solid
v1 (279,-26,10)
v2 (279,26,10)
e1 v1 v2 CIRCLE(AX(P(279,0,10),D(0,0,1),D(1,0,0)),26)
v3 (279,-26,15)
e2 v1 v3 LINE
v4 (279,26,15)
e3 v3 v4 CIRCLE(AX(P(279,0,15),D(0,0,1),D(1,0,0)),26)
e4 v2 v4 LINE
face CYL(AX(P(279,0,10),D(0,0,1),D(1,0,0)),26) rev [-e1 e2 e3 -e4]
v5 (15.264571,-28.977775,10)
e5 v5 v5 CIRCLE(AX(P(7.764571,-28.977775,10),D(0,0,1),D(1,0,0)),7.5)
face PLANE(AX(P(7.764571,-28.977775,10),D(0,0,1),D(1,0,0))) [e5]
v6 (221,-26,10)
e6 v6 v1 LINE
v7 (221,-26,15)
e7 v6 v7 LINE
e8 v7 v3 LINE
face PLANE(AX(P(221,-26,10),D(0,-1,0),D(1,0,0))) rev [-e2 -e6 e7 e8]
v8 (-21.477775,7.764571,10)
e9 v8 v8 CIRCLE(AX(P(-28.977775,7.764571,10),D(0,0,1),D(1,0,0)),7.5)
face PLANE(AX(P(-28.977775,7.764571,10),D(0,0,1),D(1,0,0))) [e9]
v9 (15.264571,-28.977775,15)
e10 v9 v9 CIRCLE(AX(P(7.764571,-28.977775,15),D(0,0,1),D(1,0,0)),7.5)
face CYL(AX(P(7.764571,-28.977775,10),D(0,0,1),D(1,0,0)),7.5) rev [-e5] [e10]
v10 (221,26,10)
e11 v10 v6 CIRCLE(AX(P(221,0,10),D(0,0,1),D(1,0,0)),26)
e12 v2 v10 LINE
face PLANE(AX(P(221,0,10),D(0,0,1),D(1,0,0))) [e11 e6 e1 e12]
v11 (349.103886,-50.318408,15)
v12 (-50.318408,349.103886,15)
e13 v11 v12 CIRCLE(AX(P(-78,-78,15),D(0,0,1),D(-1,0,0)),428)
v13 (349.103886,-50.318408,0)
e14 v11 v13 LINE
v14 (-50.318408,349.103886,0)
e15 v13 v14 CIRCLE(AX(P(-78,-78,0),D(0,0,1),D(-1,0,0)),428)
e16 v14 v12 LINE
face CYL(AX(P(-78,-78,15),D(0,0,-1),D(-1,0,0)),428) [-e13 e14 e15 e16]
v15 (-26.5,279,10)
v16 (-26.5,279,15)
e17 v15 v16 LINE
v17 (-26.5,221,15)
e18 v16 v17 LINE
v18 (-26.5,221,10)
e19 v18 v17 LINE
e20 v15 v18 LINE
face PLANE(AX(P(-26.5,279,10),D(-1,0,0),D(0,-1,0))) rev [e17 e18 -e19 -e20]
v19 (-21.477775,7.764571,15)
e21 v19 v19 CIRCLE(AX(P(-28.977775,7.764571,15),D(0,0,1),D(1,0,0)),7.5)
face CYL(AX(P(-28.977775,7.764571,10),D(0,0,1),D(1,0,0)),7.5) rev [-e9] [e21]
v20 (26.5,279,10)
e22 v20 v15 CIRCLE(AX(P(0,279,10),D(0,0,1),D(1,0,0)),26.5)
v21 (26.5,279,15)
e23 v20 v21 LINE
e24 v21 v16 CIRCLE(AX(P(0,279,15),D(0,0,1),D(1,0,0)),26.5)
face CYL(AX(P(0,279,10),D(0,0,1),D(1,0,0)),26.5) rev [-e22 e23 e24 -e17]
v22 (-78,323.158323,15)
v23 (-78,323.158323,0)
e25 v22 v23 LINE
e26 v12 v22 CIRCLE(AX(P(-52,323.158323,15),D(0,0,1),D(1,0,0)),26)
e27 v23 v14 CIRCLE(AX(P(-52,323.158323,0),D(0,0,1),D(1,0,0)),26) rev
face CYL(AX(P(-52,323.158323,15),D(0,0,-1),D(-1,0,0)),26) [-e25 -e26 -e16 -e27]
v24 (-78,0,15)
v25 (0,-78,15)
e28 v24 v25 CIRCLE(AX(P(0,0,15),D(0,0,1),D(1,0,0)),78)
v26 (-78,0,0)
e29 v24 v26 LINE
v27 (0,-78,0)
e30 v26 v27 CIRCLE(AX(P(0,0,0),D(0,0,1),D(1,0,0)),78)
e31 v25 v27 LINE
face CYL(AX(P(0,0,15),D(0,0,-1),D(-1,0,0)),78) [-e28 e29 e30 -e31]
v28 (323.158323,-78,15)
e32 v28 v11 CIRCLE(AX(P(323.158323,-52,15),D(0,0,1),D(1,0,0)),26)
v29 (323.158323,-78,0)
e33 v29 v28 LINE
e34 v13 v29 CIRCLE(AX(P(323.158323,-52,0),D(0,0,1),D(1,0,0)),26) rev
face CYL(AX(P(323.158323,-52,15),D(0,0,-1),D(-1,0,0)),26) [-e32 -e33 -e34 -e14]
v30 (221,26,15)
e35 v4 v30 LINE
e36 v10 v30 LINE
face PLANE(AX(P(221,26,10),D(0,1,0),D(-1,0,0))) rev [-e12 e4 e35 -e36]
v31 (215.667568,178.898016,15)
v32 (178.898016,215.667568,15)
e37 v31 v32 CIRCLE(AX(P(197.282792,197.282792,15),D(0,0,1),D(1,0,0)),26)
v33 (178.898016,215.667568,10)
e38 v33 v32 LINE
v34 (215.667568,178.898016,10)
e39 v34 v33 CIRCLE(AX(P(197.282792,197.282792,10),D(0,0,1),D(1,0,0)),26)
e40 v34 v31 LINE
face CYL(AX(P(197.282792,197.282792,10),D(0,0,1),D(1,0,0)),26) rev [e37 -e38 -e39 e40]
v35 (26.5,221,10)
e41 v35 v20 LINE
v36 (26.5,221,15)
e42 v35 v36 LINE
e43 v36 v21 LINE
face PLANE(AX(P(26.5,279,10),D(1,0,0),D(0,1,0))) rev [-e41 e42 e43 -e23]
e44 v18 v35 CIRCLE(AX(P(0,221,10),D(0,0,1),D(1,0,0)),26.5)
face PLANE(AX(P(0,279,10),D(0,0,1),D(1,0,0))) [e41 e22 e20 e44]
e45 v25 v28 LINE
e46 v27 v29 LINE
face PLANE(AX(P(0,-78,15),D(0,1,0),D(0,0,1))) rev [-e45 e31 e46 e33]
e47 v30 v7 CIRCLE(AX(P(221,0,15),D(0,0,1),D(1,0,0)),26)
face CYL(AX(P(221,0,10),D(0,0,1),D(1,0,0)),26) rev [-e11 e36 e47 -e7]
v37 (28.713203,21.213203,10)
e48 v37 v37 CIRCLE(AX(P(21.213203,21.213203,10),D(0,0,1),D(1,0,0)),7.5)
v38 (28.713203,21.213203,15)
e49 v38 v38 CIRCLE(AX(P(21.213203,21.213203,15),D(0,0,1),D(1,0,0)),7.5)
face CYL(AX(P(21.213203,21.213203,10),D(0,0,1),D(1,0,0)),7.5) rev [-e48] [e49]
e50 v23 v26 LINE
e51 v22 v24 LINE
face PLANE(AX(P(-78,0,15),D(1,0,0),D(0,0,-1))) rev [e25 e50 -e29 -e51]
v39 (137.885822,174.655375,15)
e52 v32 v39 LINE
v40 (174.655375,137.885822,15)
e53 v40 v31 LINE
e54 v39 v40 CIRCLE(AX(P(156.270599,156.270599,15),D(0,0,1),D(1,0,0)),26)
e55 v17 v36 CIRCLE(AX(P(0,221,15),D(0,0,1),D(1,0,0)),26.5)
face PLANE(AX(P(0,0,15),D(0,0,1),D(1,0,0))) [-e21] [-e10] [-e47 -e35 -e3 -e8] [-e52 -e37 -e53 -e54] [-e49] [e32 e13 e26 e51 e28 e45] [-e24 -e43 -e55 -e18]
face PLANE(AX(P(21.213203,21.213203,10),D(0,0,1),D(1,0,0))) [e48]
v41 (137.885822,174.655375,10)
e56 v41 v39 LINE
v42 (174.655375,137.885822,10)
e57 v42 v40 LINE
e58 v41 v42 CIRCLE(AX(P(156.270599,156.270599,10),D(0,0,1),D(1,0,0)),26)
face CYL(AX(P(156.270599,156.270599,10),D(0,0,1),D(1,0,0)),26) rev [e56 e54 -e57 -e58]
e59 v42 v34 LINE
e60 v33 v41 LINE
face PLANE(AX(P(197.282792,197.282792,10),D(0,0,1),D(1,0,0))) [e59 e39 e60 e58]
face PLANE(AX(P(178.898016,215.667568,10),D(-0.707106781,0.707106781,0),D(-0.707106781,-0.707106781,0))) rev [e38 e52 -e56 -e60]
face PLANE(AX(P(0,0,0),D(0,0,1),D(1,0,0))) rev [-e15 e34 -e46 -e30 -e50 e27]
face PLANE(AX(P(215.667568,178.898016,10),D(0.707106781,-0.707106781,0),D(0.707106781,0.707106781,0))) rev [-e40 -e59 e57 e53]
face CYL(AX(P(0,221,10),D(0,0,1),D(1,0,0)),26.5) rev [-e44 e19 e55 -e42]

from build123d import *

# Parameters (mm, degrees)
Y_KSEKLIK_EKSTR_ZYON1_DEPTH = 15
IZIM2_R                     = 7.5
KES_EKSTR_ZYON1_DEPTH       = 5
RADYUS1_R                   = 26


with BuildPart() as part:
    # Çizim1 → Yükseklik-Ekstrüzyon1 (new body)
    with BuildSketch(Plane.XY):
        with BuildLine():
            Line((-78, 0), (-78, 350))
            ThreePointArc((-78, 350), (224.641702348, 224.641702348), (350, -78))
            Line((350, -78), (0, -78))
            ThreePointArc((0, -78), (-55.154328933, -55.154328933), (-78, 0))
        make_face()
    extrude(amount=Y_KSEKLIK_EKSTR_ZYON1_DEPTH)

    # Çizim2 → Kes-Ekstrüzyon1 (cut)
    with BuildSketch(Plane.XY.offset(15)):
        with Locations((21.213203436, 21.213203436)):
            Circle(IZIM2_R)
        with Locations((7.764571353, -28.977774789)):
            Circle(IZIM2_R)
        with Locations((-28.977774789, 7.764571353)):
            Circle(IZIM2_R)
        with BuildLine():
            Line((26.5, 279), (26.5, 221))
            ThreePointArc((26.5, 221), (0, 194.5), (-26.5, 221))
            Line((-26.5, 221), (-26.5, 279))
            ThreePointArc((-26.5, 279), (0, 305.5), (26.5, 279))
        make_face()
        with BuildLine():
            Line((215.667568262, 178.89801564), (174.655374953, 137.885822331))
            ThreePointArc((174.655374953, 137.885822331), (137.885822331, 137.885822331), (137.885822331, 174.655374953))
            Line((137.885822331, 174.655374953), (178.89801564, 215.667568262))
            ThreePointArc((178.89801564, 215.667568262), (215.667568262, 215.667568262), (215.667568262, 178.89801564))
        make_face()
        with BuildLine():
            Line((221, 26), (279, 26))
            ThreePointArc((279, 26), (305, 0), (279, -26))
            Line((279, -26), (221, -26))
            ThreePointArc((221, -26), (195, 0), (221, 26))
        make_face()
    extrude(amount=-KES_EKSTR_ZYON1_DEPTH, mode=Mode.SUBTRACT)

    # Radyus1
    radyus1_edges = [part.edges().sort_by_distance(p)[0] for p in [
        (-78, 350, 7.5),
        (350, -78, 7.5),
    ]]
    fillet(radyus1_edges, radius=RADYUS1_R)


solid = part.part
